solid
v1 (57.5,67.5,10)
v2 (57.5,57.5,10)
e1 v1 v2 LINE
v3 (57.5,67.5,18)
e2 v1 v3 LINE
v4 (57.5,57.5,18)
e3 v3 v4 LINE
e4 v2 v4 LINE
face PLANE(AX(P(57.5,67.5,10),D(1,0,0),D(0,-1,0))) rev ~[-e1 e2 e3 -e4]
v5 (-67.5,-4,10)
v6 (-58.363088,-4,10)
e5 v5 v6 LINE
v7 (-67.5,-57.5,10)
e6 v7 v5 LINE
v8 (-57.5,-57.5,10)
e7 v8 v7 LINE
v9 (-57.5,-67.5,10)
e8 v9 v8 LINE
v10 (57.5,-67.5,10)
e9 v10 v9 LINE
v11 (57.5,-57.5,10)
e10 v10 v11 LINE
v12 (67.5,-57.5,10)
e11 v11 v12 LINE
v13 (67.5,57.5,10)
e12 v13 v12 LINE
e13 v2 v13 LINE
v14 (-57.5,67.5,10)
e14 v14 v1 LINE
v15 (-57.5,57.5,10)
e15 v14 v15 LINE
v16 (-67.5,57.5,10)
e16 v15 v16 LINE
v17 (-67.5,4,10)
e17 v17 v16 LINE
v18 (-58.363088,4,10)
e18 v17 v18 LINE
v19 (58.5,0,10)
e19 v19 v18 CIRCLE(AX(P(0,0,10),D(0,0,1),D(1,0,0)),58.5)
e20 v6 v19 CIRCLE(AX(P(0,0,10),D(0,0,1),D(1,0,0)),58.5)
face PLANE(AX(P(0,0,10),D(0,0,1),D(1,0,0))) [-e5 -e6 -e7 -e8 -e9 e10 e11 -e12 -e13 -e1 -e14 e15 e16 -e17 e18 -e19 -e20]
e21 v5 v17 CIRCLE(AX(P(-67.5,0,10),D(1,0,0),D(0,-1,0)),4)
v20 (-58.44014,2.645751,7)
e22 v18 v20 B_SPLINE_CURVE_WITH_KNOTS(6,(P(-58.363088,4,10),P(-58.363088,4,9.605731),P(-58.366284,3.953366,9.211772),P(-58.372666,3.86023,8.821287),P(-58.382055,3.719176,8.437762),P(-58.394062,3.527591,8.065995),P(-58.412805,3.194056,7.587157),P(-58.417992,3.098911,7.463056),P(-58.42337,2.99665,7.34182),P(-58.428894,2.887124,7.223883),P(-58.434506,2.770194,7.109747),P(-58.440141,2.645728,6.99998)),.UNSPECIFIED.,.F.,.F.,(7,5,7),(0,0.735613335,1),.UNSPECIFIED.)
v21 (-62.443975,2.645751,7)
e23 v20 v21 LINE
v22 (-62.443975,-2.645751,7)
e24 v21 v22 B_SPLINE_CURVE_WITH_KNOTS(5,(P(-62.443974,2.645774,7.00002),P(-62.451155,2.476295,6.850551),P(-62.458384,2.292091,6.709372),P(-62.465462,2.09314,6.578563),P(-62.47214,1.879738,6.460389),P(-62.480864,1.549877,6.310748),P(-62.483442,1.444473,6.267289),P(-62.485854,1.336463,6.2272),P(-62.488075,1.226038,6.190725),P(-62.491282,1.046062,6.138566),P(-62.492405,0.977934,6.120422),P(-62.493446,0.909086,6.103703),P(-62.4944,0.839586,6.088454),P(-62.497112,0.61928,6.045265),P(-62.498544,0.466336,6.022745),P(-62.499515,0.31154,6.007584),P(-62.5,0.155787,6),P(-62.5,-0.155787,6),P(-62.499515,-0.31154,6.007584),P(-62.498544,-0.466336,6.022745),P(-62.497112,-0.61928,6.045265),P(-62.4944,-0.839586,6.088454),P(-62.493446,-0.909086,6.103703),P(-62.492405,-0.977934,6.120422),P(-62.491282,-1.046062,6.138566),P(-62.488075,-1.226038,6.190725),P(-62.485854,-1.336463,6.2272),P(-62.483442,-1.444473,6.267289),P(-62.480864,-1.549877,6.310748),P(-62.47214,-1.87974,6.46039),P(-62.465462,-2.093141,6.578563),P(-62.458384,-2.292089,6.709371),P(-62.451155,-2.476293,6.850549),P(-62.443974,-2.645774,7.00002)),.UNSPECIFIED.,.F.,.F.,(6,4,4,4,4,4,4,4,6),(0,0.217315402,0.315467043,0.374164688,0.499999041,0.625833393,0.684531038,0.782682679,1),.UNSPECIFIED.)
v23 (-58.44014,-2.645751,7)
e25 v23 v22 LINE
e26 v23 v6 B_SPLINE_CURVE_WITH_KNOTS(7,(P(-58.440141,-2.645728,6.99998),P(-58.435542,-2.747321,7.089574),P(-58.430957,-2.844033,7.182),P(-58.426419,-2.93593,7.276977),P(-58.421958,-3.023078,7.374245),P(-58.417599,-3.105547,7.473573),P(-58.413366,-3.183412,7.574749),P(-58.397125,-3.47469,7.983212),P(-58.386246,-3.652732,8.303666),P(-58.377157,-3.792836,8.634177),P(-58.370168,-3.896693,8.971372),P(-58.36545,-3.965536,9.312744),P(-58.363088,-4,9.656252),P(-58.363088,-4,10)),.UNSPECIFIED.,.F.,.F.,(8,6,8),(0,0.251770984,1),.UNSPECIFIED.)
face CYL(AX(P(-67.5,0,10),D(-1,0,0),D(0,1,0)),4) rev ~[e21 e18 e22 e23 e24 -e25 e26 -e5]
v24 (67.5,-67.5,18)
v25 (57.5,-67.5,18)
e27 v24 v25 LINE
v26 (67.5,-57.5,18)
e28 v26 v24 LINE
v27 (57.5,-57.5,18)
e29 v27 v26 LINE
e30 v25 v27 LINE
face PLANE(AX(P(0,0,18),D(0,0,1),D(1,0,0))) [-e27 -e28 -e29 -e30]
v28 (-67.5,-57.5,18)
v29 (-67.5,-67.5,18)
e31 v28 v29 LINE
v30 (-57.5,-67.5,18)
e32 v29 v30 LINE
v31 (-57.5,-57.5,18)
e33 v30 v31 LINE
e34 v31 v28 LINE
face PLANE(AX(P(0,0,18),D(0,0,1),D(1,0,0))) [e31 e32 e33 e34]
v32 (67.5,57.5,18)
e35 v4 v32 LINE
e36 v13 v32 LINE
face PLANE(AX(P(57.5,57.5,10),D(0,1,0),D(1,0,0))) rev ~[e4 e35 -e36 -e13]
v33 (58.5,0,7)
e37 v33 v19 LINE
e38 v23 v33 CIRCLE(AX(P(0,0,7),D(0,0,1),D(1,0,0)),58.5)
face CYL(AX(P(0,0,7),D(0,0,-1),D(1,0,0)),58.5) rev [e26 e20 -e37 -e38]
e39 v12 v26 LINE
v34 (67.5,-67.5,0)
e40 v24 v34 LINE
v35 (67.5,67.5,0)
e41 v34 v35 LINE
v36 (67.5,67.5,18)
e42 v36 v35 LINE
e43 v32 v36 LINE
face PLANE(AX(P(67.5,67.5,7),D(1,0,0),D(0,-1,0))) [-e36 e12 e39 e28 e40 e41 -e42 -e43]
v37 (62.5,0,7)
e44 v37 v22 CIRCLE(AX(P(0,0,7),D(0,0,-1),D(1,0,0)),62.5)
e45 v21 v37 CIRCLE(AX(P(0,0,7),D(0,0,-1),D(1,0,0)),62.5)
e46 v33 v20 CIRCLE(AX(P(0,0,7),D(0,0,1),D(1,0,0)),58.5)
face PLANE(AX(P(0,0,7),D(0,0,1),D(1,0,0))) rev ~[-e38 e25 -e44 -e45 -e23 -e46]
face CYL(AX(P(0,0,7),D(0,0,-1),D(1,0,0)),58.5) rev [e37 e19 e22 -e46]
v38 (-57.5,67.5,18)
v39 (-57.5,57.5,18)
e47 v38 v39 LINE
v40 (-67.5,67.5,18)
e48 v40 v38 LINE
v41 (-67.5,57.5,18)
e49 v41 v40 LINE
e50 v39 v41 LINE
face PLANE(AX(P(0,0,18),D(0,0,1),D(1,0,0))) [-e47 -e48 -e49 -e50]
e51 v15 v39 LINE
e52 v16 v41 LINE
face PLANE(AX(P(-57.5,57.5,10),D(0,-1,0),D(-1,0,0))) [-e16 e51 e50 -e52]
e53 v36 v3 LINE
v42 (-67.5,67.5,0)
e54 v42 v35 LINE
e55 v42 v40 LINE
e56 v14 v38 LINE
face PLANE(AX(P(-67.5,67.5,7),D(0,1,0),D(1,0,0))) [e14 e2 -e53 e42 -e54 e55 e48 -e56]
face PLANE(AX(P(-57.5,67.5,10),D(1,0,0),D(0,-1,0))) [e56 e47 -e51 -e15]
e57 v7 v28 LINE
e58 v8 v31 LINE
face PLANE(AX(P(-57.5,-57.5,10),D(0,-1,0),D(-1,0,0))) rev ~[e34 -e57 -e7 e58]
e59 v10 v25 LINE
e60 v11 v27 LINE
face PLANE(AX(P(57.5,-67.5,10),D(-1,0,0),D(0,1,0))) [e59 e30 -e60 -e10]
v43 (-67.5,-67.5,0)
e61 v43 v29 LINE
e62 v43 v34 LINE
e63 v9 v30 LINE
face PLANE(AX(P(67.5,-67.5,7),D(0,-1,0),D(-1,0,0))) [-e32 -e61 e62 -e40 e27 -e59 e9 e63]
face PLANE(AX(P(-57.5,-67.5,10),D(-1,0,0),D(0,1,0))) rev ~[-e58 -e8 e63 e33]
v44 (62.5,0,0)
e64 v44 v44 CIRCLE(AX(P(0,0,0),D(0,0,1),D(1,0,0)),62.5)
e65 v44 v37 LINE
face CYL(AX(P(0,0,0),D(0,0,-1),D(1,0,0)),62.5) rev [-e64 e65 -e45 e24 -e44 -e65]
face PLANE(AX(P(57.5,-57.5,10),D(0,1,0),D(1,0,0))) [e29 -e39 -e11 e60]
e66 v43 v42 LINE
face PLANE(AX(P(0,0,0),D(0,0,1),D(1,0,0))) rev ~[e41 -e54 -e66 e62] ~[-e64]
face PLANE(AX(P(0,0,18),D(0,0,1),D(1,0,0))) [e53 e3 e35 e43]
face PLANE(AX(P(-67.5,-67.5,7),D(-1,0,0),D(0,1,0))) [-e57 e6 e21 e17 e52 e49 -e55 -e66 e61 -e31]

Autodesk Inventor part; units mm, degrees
ref_plane "YZ Plane" through (0, 0, 0) normal (1, 0, 0) x (0, 1, 0)
ref_plane "XZ Plane" through (0, 0, 0) normal (0, 1, 0) x (-1, 0, 0)
ref_plane "XY Plane" through (0, 0, 0) normal (0, 0, 1) x (1, 0, 0)
sketch "Boceto1" plane through (0, 0, 0) normal (0, 0, 1) x (1, 0, 0)
  circle A0 centre (0, 0) radius 62.5
  line L0 (62.5, 0) -> (67.5, 0)
  line L1 (0, 62.5) -> (0, 67.5)
  line L2 (0, 62.5) -> (5, 62.5) construction
  line L3 (0, 67.5) -> (67.5, 67.5)
  line L4 (67.5, 67.5) -> (67.5, 0)
  line L5 (-62.5, 0) -> (-67.5, 0)
  line L6 (-62.5, 0) -> (-57.5, 0) construction
  line L7 (0, -62.5) -> (0, -67.5)
  line L8 (0, -62.5) -> (5, -62.5) construction
  line L9 (0, -67.5) -> (-67.5, -67.5)
  line L10 (-67.5, -67.5) -> (67.5, -67.5)
  line L11 (67.5, -67.5) -> (67.5, 67.5)
  line L12 (67.5, 67.5) -> (-67.5, 67.5)
  line L13 (-67.5, 67.5) -> (-67.5, -67.5)
  dimension "d0" = 125
  dimension "d1" = 5
  dimension "d2" = 5
  dimension "d3" = 90
  dimension "d4" = 90
  dimension "d5" = 5
  dimension "d6" = 180
  dimension "d7" = 5
  dimension "d8" = 90
  dimension "d9" = 90
extrude "Extrusión1" add sketch "Boceto1" along normal blind 7 contours L0 L11 L10 L7 A0 | A0 L1 L3 L4 L0 | A0 L5 L13 L12 L1 | L7 L9 L13 L5 A0
sketch "Boceto2" plane through (0, 0, 7) normal (0, 0, 1) x (1, 0, 0)
  line L0 (-67.5, 67.5) -> (67.5, 67.5)
  line L1 (67.5, 67.5) -> (67.5, -67.5)
  line L2 (67.5, -67.5) -> (-67.5, -67.5)
  line L3 (-67.5, -67.5) -> (-67.5, 67.5)
  circle A0 centre (0, 0) radius 58.5
  dimension "d12" = 117
extrude "Extrusión2" add sketch "Boceto2" along normal blind 3
sketch "Boceto3" plane through (0, 0, 10) normal (0, 0, 1) x (1, 0, 0)
  line L0 (-67.5, -67.5) -> (-57.5, -67.5)
  line L1 (-57.5, -67.5) -> (-57.5, -57.5)
  line L2 (-57.5, -57.5) -> (-67.5, -57.5)
  line L3 (-67.5, -57.5) -> (-67.5, -67.5)
  line L4 (67.5, 67.5) -> (57.5, 67.5)
  line L5 (57.5, 67.5) -> (57.5, 57.5)
  line L6 (57.5, 57.5) -> (67.5, 57.5)
  line L7 (67.5, 57.5) -> (67.5, 67.5)
  line L8 (-67.5, 67.5) -> (-57.5, 67.5)
  line L9 (-57.5, 67.5) -> (-57.5, 57.5)
  line L10 (-57.5, 57.5) -> (-67.5, 57.5)
  line L11 (-67.5, 57.5) -> (-67.5, 67.5)
  line L12 (67.5, -67.5) -> (57.5, -67.5)
  line L13 (57.5, -67.5) -> (57.5, -57.5)
  line L14 (57.5, -57.5) -> (67.5, -57.5)
  line L15 (67.5, -57.5) -> (67.5, -67.5)
  point P0 (0, 0)
  dimension "d15" = 10
  dimension "d16" = 10
  dimension "d17" = 10
  dimension "d18" = 10
  dimension "d19" = 10
  dimension "d20" = 10
  dimension "d21" = 10
  dimension "d22" = 10
extrude "Extrusión3" add sketch "Boceto3" along normal blind 8
sketch "Boceto4" plane through (-67.5, -67.5, 0) normal (-1, 0, 0) x (0, 0, 1)
  line L0 (0, 67.5) -> (10, 67.5)
  line L1 (10, 10) -> (10, 125) projected
  line L2 (10, 67.5) -> (10, 71.5)
  line L3 (10, 67.5) -> (14, 67.5) construction
  line L4 (10, 67.5) -> (10, 63.5)
  line L5 (10, 67.5) -> (14, 67.5) construction
  line L6 (10, 67.5) -> (6, 67.5)
  arc A0 (10, 71.5) -> (10, 63.5) centre (10, 67.5) ccw
  dimension "d25" = 4
  dimension "d26" = 90
  dimension "d27" = 4
  dimension "d28" = 90
  dimension "d29" = 4
extrude "Extrusión4" cut sketch "Boceto4" against normal blind 10
properties part number "lamp_holder_v1"
